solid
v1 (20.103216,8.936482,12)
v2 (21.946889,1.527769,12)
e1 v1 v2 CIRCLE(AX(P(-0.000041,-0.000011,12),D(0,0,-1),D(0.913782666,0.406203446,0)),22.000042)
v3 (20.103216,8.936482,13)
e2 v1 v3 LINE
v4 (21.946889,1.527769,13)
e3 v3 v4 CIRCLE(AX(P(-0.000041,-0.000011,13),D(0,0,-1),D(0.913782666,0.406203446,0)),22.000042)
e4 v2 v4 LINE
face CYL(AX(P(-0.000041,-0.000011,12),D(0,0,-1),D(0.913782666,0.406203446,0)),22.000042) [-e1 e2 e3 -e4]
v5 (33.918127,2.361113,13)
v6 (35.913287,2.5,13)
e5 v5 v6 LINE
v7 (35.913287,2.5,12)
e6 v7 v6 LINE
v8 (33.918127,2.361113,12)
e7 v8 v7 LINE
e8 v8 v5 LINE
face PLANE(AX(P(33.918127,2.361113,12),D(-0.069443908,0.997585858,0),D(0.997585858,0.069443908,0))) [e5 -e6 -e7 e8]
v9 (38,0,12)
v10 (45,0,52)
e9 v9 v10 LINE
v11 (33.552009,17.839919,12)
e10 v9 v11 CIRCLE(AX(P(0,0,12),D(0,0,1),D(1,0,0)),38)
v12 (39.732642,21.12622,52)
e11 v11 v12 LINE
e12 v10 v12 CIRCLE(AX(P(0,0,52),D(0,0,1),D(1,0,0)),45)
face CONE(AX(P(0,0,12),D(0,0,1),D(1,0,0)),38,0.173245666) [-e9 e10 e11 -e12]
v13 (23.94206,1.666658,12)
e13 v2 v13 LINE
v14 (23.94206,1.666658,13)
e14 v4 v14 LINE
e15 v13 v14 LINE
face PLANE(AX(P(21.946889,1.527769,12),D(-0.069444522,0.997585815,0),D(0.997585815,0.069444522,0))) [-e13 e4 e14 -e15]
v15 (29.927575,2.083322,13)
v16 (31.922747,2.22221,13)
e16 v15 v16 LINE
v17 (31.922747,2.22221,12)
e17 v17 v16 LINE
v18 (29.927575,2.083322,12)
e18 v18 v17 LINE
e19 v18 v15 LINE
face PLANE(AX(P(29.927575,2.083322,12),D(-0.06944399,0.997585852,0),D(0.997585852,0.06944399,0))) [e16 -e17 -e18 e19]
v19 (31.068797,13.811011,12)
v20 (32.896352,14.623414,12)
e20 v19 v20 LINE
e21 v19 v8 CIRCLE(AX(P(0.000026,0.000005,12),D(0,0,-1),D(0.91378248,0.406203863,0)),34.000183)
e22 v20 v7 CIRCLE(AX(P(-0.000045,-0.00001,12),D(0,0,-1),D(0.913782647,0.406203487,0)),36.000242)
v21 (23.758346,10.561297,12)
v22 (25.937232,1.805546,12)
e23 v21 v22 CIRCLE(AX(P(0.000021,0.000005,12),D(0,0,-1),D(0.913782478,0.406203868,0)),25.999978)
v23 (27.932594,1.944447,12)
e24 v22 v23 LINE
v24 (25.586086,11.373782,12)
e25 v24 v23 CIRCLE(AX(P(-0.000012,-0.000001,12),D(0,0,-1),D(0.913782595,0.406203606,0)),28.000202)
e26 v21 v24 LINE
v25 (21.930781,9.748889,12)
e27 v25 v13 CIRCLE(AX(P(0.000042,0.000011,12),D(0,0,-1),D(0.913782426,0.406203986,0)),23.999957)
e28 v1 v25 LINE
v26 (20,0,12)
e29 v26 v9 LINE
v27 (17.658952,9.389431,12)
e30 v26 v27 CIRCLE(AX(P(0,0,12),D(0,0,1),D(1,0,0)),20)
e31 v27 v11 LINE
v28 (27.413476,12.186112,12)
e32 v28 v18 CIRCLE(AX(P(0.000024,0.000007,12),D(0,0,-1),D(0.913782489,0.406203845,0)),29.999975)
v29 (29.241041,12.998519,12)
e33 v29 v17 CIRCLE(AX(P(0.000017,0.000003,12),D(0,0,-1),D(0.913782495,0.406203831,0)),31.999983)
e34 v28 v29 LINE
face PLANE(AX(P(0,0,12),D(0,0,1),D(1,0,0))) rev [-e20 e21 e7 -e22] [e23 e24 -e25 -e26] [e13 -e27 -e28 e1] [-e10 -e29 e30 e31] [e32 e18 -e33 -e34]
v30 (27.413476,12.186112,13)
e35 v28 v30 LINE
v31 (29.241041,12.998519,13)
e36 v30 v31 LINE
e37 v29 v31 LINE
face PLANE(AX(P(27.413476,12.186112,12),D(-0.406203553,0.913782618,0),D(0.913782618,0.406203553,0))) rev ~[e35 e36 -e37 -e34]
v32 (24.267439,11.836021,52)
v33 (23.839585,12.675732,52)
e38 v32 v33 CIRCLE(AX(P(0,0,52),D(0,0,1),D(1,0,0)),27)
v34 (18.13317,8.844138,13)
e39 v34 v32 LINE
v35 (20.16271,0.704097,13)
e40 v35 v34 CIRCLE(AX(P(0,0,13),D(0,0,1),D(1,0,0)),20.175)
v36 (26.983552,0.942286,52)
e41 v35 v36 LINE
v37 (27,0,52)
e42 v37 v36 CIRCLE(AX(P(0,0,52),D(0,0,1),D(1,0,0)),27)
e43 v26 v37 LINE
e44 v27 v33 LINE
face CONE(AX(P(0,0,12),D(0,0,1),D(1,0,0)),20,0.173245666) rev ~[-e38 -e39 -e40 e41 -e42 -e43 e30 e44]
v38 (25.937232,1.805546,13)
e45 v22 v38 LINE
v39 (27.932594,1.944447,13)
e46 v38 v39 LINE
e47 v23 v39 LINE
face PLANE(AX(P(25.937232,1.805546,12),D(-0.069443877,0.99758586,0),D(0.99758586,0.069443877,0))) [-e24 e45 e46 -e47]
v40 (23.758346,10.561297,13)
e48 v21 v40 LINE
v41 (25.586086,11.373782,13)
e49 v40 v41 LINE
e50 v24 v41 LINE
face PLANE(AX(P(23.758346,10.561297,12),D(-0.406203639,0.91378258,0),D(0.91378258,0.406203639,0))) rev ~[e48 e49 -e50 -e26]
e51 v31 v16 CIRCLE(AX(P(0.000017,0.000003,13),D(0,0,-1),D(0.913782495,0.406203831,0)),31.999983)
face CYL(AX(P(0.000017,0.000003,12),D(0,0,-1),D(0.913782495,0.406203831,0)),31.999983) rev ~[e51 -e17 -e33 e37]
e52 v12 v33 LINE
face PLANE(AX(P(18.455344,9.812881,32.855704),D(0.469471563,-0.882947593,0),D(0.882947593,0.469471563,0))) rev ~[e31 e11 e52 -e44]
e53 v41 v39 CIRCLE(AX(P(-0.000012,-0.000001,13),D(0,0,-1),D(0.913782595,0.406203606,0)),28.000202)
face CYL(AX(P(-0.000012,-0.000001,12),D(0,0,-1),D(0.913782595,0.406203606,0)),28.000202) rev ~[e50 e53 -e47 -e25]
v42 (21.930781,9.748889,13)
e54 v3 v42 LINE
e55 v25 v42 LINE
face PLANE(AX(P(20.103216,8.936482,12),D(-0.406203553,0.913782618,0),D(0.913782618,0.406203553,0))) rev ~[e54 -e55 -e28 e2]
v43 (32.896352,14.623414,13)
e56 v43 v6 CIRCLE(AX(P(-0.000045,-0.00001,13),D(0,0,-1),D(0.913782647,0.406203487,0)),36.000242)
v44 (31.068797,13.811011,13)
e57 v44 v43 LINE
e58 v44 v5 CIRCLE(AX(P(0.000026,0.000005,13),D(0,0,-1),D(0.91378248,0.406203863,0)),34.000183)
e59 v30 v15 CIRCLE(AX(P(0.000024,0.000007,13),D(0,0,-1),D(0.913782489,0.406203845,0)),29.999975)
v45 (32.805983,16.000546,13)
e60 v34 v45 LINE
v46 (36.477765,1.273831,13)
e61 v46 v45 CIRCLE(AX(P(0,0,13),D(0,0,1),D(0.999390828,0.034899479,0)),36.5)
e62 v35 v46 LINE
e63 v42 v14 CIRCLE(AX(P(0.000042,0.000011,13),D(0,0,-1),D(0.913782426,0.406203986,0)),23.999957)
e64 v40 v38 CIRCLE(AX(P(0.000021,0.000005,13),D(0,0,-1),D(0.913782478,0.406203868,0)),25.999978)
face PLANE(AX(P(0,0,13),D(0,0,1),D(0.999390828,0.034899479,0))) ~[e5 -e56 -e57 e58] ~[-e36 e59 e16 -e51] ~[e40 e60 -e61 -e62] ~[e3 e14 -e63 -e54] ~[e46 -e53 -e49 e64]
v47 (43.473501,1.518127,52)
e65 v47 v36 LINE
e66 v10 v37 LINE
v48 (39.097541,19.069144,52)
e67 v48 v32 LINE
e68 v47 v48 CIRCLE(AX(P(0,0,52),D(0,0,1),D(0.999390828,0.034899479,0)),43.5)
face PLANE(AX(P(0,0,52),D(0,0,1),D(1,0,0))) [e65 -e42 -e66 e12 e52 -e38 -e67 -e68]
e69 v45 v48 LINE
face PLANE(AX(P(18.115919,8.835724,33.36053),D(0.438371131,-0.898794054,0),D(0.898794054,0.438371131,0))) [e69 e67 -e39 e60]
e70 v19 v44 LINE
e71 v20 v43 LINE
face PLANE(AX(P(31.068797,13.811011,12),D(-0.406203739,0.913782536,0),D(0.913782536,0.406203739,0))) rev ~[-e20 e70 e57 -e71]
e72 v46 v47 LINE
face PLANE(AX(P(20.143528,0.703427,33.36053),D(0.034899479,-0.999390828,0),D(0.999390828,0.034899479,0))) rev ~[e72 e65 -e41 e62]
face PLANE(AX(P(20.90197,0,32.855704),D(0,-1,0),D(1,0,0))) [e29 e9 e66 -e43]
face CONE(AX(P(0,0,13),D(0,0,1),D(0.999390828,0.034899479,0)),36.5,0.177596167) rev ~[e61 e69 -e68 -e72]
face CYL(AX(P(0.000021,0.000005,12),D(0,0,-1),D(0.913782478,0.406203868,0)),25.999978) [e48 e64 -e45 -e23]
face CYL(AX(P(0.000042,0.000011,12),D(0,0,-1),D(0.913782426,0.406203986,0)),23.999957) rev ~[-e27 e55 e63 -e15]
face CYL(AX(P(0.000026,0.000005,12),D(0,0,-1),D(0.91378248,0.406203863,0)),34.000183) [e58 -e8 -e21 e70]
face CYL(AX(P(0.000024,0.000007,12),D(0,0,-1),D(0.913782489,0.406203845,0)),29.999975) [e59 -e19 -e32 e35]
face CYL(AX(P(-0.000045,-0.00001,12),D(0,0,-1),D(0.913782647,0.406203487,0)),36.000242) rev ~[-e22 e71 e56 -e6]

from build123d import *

# Parameters (mm, degrees)
CONE006_ANGLE           = 28
CONE003_ANGLE           = 24
CONE003_PLACEMENT_ANGLE = 1.999999
CONE002_ANGLE           = 28
POCKET_DEPTH            = 5


with BuildPart() as indre_total_cutter:
    # Cone006 → Cone006 (revolve)
    with BuildSketch(Plane(origin=(0, 0, 12), x_dir=(1, 0, 0), z_dir=(0, -1, 0))):
        Polygon((0, 0), (20, 0), (27, 40), (0, 40), align=None)
    revolve(axis=Axis((0, 0, 12), (0, 0, 1)), revolution_arc=CONE006_ANGLE)


with BuildPart() as ydre_v_g_og_bund_cutter:
    # Cone003 → Cone003 (revolve)
    with BuildSketch(Plane.XZ):
        Polygon((0, 0), (36.5, 0), (43.5, 39), (0, 39), align=None)
    revolve(axis=Axis((0, 0, 0), (0, 0, 1)), revolution_arc=CONE003_ANGLE)


with BuildPart() as ydre_v_g_og_bund_cutter_1:
    # Cone003 placement: moved
    add(ydre_v_g_og_bund_cutter.part.moved(Location((0, 0, 13))).rotate(Axis((0, 0, 13), (0, 0, 1)), CONE003_PLACEMENT_ANGLE))


with BuildPart() as bundhullet_bund:
    # Cone002 → Cone002 (revolve)
    with BuildSketch(Plane(origin=(0, 0, 12), x_dir=(1, 0, 0), z_dir=(0, -1, 0))):
        Polygon((0, 0), (38, 0), (45, 40), (0, 40), align=None)
    revolve(axis=Axis((0, 0, 12), (0, 0, 1)), revolution_arc=CONE002_ANGLE)

    # Cut001: cut Ydre væg og bund cutter
    add(ydre_v_g_og_bund_cutter_1.part, mode=Mode.SUBTRACT)

    # Cut003: cut Indre total cutter
    add(indre_total_cutter.part, mode=Mode.SUBTRACT)

    # Sketch011 → Pocket (cut)
    with BuildSketch(Plane(origin=(0, 0, 12), x_dir=(1, 0, 0), z_dir=(0, 0, -1))):
        with BuildLine():
            ThreePointArc((20.103216, -8.936482), (21.348889, -5.312713), (21.946889, -1.527769))
            Line((21.946889, -1.527769), (23.94206, -1.666658))
            ThreePointArc((21.930781, -9.748889), (23.289698, -5.795687), (23.94206, -1.666658))
            Line((20.103216, -8.936482), (21.930781, -9.748889))
        make_face()
        with BuildLine():
            ThreePointArc((23.758346, -10.561297), (25.230506, -6.278661), (25.937232, -1.805546))
            Line((25.937232, -1.805546), (27.932594, -1.944447))
            ThreePointArc((25.586086, -11.373782), (27.171499, -6.761681), (27.932594, -1.944447))
            Line((23.758346, -10.561297), (25.586086, -11.373782))
        make_face()
        with BuildLine():
            ThreePointArc((27.413476, -12.186112), (29.112122, -7.244609), (29.927575, -2.083322))
            Line((29.927575, -2.083322), (31.922747, -2.22221))
            ThreePointArc((29.241041, -12.998519), (31.05293, -7.727583), (31.922747, -2.22221))
            Line((27.413476, -12.186112), (29.241041, -12.998519))
        make_face()
        with BuildLine():
            ThreePointArc((31.068797, -13.811011), (32.993941, -8.210607), (33.918127, -2.361113))
            Line((33.918127, -2.361113), (35.913287, -2.5))
            ThreePointArc((32.896352, -14.623414), (34.934737, -8.693578), (35.913287, -2.5))
            Line((31.068797, -13.811011), (32.896352, -14.623414))
        make_face()
    extrude(amount=-POCKET_DEPTH, mode=Mode.SUBTRACT)


solid = bundhullet_bund.part
